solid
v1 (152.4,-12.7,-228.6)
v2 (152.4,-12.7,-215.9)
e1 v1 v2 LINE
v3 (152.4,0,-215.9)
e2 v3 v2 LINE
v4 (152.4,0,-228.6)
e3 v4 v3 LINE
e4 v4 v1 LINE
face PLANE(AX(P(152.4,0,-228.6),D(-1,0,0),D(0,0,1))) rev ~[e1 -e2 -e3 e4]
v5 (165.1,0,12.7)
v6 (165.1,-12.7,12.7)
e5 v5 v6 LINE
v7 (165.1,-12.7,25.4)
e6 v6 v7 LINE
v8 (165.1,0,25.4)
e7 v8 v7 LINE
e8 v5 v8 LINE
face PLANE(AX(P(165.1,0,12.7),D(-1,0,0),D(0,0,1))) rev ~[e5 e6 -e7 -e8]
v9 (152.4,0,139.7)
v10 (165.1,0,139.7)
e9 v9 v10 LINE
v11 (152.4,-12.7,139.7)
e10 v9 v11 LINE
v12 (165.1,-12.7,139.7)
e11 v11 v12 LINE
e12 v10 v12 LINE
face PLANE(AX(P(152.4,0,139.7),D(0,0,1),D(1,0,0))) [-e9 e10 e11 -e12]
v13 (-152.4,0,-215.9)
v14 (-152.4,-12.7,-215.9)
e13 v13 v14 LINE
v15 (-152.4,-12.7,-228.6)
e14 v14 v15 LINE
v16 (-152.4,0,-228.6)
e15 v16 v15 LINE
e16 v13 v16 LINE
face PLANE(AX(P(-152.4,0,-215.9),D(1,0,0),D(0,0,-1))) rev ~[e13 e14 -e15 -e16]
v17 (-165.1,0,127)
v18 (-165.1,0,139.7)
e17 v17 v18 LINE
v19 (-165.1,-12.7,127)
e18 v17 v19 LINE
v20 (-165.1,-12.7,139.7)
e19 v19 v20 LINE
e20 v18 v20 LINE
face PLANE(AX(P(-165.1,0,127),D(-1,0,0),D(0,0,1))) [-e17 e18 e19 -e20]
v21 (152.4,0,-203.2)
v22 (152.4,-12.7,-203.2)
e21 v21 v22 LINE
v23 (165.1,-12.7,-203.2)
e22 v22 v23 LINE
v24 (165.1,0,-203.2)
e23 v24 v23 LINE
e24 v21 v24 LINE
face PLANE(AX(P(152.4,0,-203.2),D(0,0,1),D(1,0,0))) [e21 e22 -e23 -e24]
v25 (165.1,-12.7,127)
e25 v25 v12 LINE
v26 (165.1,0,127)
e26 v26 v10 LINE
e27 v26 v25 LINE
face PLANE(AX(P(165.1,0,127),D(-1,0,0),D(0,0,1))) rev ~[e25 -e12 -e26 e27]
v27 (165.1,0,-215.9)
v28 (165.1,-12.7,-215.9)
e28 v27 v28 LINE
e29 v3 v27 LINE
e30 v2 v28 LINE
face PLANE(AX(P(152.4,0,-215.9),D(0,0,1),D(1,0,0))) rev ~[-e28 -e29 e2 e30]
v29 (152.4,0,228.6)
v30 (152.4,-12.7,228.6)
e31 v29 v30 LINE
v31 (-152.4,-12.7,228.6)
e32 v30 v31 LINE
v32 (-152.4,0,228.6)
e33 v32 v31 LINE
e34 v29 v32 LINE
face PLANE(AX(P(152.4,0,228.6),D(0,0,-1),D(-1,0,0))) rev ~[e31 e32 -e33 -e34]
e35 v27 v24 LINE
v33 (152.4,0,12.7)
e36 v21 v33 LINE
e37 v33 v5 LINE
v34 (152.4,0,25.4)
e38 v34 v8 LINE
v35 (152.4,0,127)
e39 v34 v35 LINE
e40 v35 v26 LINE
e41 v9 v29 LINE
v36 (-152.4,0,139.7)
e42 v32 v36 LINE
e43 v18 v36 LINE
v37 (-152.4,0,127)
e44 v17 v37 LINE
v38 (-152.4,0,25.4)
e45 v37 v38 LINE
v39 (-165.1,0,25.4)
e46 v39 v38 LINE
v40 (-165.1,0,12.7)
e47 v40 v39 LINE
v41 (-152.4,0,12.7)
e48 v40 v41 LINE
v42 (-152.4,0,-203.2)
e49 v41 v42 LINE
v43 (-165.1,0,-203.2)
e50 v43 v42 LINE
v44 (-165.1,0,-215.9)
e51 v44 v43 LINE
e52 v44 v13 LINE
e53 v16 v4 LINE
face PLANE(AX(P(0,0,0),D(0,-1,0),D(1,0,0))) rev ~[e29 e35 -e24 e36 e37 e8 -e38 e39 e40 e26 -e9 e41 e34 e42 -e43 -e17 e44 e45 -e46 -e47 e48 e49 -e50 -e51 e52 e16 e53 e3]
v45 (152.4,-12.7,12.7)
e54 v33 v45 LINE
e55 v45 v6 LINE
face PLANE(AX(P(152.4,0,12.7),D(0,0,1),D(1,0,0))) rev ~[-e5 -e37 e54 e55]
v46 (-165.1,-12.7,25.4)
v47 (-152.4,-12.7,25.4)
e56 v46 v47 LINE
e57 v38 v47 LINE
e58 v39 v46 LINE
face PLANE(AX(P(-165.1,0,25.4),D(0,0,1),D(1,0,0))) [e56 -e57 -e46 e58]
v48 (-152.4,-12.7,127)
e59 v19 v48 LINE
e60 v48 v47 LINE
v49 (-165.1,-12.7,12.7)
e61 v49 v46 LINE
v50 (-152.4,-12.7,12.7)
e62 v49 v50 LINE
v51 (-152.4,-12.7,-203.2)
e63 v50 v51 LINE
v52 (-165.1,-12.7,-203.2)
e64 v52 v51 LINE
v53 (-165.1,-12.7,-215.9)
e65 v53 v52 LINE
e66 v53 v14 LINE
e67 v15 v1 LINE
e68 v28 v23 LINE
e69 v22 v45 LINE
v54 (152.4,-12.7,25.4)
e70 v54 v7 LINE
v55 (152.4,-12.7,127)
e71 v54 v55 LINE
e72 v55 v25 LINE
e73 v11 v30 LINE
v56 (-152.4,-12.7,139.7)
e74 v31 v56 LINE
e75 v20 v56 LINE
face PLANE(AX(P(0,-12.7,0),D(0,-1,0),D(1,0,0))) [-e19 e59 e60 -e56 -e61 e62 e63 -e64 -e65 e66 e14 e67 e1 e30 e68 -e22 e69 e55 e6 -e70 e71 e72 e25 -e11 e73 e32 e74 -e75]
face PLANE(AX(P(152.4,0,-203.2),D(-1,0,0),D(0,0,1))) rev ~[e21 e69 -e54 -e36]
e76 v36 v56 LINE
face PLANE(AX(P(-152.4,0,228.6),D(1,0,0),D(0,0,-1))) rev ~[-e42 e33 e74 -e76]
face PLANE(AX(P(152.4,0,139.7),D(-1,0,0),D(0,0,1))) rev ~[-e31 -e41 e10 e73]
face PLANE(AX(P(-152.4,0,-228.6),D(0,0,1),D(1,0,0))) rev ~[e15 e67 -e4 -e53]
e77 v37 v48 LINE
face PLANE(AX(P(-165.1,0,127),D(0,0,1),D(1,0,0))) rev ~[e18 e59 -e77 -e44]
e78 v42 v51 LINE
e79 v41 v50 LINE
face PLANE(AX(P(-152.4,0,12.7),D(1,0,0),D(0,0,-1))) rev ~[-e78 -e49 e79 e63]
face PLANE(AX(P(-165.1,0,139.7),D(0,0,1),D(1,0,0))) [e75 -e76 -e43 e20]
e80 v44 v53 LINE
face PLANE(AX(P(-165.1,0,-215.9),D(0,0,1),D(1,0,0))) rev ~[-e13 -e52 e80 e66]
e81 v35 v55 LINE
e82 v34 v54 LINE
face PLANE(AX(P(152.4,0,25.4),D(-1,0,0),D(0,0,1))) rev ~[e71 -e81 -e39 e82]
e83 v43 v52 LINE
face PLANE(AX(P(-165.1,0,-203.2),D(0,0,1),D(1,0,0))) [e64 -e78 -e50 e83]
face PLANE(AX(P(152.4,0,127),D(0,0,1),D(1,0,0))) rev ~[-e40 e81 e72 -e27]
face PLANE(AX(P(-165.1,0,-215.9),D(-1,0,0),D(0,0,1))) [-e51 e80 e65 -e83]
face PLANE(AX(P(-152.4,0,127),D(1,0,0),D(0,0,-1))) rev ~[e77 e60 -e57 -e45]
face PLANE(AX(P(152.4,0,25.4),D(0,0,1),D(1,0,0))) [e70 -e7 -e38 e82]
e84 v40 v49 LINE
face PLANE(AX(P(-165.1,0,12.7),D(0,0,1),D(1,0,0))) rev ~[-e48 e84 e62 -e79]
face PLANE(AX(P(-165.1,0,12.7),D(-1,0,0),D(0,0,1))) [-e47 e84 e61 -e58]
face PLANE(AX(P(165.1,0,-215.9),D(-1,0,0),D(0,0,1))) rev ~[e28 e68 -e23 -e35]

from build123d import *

# Parameters (mm, degrees)
F0_W     = 12.7
F0_H     = 12.7
F1_DEPTH = 12.7


with BuildPart() as f1:
    # F0 (on Front) → F1 (new body)
    with BuildSketch(Plane.XZ):
        Polygon((152.4, 139.7), (152.4, 228.6), (-152.4, 228.6), (-152.4, 139.7), (-152.4, 127), (-152.4, 25.4), (-152.4, 12.7), (-152.4, -203.2), (-152.4, -215.9), (-152.4, -228.6), (152.4, -228.6), (152.4, -215.9), (152.4, -203.2), (152.4, 12.7), (152.4, 25.4), (152.4, 127), align=None)
        with Locations((-158.75, 133.35)):
            Rectangle(F0_W, F0_H)
        with Locations((-158.75, 19.05)):
            Rectangle(F0_W, F0_H)
        with Locations((-158.75, -209.55)):
            Rectangle(F0_W, F0_H)
        with Locations((158.75, -209.55)):
            Rectangle(F0_W, F0_H)
        with Locations((158.75, 19.05)):
            Rectangle(F0_W, F0_H)
        with Locations((158.75, 133.35)):
            Rectangle(F0_W, F0_H)
    extrude(amount=F1_DEPTH)


solid = f1.part
